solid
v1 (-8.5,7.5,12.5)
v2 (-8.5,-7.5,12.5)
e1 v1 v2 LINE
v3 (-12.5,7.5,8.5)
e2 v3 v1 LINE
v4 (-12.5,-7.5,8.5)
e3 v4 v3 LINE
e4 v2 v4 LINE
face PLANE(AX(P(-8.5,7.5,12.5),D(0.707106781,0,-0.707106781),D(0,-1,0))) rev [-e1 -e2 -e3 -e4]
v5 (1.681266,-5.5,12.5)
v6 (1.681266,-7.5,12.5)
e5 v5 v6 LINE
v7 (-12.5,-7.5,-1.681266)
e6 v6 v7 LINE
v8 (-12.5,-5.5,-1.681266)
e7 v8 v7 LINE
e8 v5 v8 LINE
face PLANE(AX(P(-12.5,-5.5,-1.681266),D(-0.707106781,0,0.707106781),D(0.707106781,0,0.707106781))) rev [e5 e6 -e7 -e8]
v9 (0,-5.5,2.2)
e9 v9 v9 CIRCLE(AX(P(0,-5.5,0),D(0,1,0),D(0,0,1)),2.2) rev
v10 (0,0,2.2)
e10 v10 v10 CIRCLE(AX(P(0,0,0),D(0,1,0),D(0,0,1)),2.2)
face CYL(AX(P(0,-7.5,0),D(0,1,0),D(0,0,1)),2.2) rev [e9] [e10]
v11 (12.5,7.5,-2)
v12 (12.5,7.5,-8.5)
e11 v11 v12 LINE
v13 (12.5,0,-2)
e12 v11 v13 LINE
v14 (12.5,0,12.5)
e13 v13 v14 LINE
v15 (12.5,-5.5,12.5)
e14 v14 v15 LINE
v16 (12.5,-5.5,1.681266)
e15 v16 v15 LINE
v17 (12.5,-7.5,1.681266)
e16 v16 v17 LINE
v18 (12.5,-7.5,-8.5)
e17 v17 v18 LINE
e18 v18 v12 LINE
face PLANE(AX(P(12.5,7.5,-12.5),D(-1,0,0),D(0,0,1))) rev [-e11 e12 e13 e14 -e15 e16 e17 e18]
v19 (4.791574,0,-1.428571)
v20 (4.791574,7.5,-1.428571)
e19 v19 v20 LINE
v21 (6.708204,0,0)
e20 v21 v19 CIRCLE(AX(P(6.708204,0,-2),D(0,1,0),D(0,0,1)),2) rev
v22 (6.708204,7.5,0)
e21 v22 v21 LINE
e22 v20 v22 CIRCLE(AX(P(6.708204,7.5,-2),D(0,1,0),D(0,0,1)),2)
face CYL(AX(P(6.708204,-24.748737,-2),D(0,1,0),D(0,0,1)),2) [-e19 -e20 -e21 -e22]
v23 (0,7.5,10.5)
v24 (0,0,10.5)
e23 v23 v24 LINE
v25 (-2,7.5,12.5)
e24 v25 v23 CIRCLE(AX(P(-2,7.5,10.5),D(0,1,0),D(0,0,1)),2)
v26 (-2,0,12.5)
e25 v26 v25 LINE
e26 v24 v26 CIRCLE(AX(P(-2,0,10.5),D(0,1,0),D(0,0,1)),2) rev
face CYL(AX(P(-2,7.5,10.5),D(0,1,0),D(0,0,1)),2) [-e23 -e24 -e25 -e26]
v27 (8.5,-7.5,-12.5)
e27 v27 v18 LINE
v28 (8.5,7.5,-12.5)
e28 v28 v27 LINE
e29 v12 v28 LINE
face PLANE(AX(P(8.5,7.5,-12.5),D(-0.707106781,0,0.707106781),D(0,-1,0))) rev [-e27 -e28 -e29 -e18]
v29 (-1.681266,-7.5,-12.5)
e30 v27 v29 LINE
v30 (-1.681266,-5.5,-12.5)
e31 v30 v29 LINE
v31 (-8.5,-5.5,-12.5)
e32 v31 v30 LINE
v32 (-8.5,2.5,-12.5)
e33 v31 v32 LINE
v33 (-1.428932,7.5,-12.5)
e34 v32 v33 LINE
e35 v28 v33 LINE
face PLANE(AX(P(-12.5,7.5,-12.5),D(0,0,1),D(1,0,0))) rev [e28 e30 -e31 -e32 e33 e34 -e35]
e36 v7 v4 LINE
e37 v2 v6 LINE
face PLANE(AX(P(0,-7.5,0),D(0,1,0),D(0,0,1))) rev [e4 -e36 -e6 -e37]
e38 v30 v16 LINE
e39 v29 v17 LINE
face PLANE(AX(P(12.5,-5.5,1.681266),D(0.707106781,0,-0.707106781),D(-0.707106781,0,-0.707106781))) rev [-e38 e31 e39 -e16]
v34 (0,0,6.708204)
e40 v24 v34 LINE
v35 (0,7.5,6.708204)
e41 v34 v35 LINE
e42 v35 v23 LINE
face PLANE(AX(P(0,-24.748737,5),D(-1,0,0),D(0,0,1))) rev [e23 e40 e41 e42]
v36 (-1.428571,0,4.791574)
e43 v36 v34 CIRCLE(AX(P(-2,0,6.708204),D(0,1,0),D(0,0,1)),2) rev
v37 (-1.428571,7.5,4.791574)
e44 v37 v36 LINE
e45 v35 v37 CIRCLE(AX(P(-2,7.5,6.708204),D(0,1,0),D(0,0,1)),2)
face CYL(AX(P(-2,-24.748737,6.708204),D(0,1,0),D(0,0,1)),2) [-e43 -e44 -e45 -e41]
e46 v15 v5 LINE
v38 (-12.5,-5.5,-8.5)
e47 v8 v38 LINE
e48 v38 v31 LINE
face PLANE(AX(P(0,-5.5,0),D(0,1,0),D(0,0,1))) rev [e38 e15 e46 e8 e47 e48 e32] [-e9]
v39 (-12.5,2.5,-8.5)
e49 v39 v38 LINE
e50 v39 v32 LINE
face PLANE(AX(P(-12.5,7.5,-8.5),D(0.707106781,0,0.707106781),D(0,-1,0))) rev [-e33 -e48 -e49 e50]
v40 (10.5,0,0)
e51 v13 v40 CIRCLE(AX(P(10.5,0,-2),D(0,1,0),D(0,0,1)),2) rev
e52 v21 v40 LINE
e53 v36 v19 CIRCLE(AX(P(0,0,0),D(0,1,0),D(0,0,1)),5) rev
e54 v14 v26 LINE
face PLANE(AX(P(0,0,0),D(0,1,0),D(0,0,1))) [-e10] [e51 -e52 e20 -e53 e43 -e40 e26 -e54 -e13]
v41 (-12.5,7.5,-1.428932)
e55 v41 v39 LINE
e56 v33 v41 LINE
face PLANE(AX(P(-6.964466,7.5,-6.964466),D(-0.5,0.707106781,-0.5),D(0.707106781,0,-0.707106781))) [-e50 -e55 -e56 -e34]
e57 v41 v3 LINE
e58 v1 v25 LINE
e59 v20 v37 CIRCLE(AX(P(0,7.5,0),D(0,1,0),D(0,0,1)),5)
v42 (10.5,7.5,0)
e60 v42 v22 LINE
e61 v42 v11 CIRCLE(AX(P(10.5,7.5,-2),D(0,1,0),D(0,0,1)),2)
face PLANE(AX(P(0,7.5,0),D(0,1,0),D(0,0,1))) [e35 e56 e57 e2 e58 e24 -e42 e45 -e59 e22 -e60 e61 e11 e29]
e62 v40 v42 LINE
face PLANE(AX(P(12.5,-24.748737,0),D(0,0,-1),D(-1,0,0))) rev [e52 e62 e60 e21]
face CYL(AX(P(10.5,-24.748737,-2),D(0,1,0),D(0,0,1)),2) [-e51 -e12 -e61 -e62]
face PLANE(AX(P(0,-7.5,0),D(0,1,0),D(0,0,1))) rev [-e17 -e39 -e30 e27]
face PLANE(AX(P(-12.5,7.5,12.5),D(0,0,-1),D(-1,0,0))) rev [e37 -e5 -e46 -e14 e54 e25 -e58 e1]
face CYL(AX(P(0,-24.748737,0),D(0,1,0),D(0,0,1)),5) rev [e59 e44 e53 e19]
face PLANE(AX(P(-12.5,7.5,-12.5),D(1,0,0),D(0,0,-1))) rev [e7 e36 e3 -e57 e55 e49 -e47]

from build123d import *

# Parameters (mm, degrees)
SKETCH_1_W          = 25
SKETCH_1_H          = 25
EXTRUDE_1_DEPTH     = 7.5
CUT_EXTRUDE_START   = -7.5
CUT_EXTRUDE_3_DEPTH = 7.5
SKETCH_4_R          = 2.2
CUT_EXTRUDE_4_DEPTH = 20.20286437
CUT_EXTRUDE_5_DEPTH = 2
CHAMFER_1_SIZE      = 4
CHAMFER_2_SIZE      = 5
FILLET_3_R          = 2


with BuildPart() as part:
    # ｽｹｯﾁ1 → ﾎﾞｽ - 押し出し1 (new, symmetric)
    with BuildSketch(Plane(origin=(0, 0, 0), x_dir=(1, 0, 0), z_dir=(0, 1, 0))):
        Rectangle(SKETCH_1_W, SKETCH_1_H)
    extrude(amount=EXTRUDE_1_DEPTH, both=True)

    # ｽｹｯﾁ2 → ｶｯﾄ - 押し出し3 (cut)
    with BuildSketch(Plane(origin=(0, 7.5, 0), x_dir=(1, 0, 0), z_dir=(0, 1, 0)).offset(CUT_EXTRUDE_START)):
        with BuildLine():
            Line((12.5, 0), (5, 0))
            ThreePointArc((5, 0), (-3.535533906, 3.535533906), (0, -5))
            Line((0, -5), (0, -12.5))
            Line((0, -12.5), (12.5, -12.5))
            Line((12.5, -12.5), (12.5, 0))
        make_face()
    extrude(amount=CUT_EXTRUDE_3_DEPTH, mode=Mode.SUBTRACT)

    # ｽｹｯﾁ4 → ｶｯﾄ - 押し出し4 (cut, through all)
    with BuildSketch(Plane(origin=(0, 0, 0), x_dir=(1, 0, 0), z_dir=(0, 1, 0))):
        with Locations(Location((0, 0, 0), (0, 0, 270))):
            Circle(SKETCH_4_R)
    extrude(amount=-CUT_EXTRUDE_4_DEPTH, mode=Mode.SUBTRACT)

    # ｽｹｯﾁ5 → ｶｯﾄ - 押し出し5 (cut)
    with BuildSketch(Plane.XZ.offset(7.5)):
        Polygon((-12.5, -1.681266248), (1.681266248, 12.5), (12.5, 12.5), (12.5, 1.681266248), (-1.681266248, -12.5), (-12.5, -12.5), align=None)
    extrude(amount=-CUT_EXTRUDE_5_DEPTH, mode=Mode.SUBTRACT)

    # 面取り1
    chamfer_1_edges = [part.edges().sort_by_distance(p)[0] for p in [
        (-12.5, 0, 12.5),
        (-12.5, 1, -12.5),
        (12.5, 0, -12.5),
    ]]
    chamfer(chamfer_1_edges, length=CHAMFER_1_SIZE)

    # 面取り2
    chamfer_2_edges = [part.edges().sort_by_distance(p)[0] for p in [
        (-10.5, 7.5, -10.5),
    ]]
    chamfer(chamfer_2_edges, length=CHAMFER_2_SIZE)

    # ﾌｨﾚｯﾄ3
    fillet_3_edges = [part.edges().sort_by_distance(p)[0] for p in [
        (12.5, 3.75, 0),
        (0, 3.75, 12.5),
        (0, 3.75, 5),
        (5, 3.75, 0),
    ]]
    fillet(fillet_3_edges, radius=FILLET_3_R)


solid = part.part
